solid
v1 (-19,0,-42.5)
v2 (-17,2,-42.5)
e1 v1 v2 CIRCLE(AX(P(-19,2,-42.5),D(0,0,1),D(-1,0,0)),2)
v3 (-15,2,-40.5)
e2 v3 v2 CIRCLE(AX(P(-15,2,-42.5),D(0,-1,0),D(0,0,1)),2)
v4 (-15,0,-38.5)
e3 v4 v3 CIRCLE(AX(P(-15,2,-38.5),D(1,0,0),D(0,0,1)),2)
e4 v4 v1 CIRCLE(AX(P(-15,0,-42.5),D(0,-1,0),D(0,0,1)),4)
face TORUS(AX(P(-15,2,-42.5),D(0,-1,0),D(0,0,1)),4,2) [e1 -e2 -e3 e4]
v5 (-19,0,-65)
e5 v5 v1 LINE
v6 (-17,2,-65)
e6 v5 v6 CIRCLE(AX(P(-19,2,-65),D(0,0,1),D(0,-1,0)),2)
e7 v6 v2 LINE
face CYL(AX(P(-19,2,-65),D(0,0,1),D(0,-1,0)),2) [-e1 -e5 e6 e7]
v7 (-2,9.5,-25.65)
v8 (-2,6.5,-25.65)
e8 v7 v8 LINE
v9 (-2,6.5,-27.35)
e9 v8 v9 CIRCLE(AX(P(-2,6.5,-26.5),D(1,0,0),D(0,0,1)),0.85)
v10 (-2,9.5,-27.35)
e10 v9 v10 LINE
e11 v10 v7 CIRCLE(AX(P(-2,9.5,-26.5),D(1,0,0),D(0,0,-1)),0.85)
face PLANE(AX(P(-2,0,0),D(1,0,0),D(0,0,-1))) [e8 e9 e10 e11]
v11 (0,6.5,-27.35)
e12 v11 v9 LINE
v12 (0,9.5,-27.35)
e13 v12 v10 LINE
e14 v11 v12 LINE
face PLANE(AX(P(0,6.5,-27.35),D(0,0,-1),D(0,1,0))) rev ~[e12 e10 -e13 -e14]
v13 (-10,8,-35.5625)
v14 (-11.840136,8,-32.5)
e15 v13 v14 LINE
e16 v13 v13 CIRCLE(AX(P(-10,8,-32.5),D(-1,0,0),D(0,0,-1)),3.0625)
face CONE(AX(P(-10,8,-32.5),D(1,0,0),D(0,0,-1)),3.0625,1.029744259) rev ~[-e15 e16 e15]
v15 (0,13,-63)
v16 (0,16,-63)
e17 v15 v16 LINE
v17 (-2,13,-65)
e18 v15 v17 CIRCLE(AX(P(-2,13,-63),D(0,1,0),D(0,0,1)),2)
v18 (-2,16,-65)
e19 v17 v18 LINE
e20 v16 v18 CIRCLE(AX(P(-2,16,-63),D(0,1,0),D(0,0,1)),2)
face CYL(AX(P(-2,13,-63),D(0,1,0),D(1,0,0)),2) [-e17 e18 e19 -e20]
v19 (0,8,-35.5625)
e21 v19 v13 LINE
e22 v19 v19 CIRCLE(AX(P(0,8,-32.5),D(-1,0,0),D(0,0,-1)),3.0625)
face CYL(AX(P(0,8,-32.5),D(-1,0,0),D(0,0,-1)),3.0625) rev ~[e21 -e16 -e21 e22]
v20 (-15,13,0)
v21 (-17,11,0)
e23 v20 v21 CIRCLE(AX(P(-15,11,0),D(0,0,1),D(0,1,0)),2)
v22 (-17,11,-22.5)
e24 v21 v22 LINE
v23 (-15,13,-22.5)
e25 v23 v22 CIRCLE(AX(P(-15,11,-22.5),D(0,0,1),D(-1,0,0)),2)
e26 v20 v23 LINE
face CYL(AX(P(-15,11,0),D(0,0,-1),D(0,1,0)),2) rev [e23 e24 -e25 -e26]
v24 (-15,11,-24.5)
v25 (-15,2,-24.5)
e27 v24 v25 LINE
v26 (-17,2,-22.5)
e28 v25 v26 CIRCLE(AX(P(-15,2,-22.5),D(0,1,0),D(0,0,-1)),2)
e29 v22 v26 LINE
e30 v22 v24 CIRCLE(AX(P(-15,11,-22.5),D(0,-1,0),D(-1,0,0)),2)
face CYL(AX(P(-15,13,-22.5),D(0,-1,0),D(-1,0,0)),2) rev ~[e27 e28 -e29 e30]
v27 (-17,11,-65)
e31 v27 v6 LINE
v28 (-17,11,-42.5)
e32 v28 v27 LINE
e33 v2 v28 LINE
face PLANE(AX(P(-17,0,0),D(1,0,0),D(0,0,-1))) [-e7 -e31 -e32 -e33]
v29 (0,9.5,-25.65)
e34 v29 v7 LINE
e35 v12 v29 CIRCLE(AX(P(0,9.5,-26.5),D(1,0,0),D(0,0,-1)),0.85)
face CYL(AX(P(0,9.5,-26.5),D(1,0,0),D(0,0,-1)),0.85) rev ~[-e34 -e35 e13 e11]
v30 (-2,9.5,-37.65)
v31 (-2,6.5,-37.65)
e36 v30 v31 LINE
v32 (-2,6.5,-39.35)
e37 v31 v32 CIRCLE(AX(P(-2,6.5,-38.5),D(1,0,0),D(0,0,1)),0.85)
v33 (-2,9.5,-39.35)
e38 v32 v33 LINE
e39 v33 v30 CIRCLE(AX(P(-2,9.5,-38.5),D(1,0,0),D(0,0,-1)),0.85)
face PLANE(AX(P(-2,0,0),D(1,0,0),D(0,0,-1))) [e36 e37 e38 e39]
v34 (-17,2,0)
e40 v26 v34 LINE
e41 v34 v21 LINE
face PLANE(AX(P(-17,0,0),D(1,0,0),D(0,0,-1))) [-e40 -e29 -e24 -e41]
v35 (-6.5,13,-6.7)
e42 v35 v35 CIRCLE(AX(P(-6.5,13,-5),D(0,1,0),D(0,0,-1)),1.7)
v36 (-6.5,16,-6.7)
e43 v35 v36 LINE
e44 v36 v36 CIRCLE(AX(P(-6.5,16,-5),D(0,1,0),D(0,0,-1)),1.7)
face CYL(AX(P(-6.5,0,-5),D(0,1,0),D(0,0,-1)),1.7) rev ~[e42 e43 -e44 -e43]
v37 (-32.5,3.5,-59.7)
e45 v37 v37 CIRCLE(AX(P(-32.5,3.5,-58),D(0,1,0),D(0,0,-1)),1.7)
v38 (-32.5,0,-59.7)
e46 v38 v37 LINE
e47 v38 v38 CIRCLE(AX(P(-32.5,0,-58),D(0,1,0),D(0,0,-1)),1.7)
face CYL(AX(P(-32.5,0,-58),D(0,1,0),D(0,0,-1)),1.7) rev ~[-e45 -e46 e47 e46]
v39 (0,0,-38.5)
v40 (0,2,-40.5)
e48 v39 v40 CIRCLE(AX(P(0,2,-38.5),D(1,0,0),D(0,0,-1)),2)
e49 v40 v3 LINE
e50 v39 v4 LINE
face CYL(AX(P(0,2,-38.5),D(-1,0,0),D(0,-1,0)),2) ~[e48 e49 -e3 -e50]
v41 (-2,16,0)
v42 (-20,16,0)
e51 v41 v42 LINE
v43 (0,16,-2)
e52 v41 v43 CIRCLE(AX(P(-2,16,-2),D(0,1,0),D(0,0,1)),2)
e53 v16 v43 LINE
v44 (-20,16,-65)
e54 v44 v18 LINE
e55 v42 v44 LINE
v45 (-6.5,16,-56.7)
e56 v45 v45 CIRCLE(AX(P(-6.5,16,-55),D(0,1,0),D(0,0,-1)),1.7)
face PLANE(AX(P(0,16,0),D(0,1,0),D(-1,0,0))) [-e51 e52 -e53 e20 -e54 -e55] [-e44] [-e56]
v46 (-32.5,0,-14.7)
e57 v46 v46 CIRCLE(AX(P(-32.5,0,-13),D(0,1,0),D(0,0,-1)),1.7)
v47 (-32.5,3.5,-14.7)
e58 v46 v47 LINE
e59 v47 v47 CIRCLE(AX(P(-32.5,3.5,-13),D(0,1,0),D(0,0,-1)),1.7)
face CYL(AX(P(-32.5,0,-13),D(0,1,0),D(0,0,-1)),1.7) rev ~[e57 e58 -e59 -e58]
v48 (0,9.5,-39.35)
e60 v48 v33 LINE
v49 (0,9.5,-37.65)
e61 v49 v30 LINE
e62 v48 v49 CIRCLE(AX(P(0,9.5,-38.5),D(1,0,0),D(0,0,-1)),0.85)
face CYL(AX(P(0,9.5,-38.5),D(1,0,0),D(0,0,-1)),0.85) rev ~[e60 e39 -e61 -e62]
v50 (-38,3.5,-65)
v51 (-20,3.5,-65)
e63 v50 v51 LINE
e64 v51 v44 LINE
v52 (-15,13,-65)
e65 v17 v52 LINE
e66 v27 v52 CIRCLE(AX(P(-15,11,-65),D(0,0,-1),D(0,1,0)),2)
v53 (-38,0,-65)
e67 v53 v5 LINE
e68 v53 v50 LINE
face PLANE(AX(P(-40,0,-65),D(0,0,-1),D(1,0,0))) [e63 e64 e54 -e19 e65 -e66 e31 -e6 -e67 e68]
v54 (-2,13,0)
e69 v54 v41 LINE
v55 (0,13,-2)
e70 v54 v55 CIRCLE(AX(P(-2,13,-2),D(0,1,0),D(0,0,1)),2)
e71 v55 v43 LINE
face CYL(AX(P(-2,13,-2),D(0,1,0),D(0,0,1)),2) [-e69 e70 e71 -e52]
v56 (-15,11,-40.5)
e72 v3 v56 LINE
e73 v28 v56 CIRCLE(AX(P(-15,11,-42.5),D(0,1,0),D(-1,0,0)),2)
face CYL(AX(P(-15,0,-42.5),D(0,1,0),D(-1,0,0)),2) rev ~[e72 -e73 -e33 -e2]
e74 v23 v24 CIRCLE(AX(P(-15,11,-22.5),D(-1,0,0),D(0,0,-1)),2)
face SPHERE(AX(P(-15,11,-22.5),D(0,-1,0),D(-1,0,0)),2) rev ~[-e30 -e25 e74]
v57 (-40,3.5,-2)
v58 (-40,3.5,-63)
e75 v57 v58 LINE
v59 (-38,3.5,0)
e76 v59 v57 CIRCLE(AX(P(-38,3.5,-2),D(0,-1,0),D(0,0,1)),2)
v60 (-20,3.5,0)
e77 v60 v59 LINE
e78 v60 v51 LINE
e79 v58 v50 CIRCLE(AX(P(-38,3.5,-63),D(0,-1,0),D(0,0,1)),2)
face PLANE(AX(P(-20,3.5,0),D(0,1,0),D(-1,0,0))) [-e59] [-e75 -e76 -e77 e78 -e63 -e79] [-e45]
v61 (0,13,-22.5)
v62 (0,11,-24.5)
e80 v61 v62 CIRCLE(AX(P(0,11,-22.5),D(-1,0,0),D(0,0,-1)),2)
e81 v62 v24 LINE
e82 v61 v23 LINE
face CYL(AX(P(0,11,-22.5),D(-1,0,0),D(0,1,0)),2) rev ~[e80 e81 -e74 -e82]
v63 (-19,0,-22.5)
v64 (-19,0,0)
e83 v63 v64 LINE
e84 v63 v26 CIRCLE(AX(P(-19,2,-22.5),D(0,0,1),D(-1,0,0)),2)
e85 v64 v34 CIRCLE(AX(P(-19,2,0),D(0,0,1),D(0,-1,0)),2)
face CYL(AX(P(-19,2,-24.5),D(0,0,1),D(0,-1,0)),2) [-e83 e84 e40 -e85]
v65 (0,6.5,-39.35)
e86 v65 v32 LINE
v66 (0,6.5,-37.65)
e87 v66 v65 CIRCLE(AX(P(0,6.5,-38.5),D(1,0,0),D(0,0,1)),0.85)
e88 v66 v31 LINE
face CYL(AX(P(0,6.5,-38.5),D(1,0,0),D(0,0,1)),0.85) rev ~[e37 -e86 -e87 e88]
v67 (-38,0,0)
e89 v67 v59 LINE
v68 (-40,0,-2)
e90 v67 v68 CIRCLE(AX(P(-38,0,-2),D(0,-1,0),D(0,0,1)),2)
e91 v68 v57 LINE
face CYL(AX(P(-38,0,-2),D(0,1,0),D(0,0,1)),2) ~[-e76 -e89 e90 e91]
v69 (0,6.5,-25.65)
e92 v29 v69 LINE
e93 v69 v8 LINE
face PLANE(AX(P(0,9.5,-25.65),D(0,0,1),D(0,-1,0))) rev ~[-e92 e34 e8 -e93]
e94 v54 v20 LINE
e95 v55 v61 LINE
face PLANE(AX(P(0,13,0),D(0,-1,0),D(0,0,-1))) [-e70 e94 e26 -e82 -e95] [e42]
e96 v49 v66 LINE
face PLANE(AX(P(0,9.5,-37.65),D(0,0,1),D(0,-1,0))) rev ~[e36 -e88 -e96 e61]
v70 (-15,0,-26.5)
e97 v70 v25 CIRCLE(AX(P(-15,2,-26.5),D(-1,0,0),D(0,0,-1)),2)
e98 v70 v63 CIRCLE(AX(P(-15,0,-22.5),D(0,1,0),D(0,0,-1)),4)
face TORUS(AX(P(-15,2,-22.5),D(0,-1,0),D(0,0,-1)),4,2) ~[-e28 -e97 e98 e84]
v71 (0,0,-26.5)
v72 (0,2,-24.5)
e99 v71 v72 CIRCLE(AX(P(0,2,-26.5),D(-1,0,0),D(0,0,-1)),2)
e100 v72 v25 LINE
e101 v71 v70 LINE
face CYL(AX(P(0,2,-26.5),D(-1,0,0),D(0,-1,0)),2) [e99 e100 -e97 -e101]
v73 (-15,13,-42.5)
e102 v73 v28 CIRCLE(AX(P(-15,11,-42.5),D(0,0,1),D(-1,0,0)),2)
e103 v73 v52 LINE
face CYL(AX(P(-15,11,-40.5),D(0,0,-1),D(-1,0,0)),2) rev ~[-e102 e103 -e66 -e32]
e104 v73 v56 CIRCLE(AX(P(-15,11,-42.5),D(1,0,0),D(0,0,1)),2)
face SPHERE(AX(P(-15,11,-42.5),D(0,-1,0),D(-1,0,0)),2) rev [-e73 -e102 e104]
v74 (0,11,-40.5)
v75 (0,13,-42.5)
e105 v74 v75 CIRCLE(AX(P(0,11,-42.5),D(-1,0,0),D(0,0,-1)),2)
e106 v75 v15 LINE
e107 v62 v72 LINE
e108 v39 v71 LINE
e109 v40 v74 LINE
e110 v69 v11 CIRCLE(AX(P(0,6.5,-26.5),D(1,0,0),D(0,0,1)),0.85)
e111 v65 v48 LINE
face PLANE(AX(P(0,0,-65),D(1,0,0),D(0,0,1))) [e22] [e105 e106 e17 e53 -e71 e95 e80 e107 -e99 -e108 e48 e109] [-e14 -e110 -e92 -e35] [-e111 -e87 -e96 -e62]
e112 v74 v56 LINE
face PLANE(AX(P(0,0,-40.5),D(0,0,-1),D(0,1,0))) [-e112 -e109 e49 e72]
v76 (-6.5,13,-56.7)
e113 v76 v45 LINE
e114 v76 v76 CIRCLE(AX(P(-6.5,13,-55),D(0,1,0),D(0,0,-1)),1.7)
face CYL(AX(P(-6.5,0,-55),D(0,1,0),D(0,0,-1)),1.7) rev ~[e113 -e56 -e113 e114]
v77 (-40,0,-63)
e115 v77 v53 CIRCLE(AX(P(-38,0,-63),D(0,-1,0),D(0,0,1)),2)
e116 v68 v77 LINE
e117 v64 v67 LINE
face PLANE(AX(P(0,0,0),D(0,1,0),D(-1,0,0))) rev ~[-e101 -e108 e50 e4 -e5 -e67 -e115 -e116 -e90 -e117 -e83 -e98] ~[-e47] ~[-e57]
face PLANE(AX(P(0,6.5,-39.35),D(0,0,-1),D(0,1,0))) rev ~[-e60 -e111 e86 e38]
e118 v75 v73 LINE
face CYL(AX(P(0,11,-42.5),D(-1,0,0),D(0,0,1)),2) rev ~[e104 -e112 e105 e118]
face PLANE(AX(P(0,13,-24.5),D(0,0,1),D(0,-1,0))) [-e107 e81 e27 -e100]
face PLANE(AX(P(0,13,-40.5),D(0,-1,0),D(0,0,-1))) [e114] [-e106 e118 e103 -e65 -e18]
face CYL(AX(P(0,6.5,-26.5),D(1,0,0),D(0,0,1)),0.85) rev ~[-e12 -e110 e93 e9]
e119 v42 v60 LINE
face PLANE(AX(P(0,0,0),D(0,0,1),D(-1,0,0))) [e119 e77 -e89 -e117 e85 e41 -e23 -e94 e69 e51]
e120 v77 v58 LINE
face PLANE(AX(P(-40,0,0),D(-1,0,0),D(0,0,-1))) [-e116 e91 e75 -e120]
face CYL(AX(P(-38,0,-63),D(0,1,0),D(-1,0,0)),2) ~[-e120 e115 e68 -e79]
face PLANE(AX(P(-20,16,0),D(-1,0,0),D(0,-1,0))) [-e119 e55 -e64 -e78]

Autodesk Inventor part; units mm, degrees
ref_plane "YZ Plane" through (0, 0, 0) normal (1, 0, 0) x (0, 1, 0)
ref_plane "XZ Plane" through (0, 0, 0) normal (0, 1, 0) x (-1, 0, 0)
ref_plane "XY Plane" through (0, 0, 0) normal (0, 0, 1) x (1, 0, 0)
sketch "Sketch1" plane through (0, 0, 0) normal (0, 1, 0) x (-1, 0, 0)
  line L0 (0, 0) -> (40, 0)
  line L1 (40, 0) -> (40, -65)
  line L2 (40, -65) -> (0, -65)
  line L3 (0, -65) -> (0, 0)
  dimension "d0" = 40
  dimension "d1" = 65
extrude "Extrusion1" add sketch "Sketch1" along normal blind 16
sketch "Sketch2" plane through (-40, 0, 0) normal (0, 0, 1) x (1, 0, 0)
  line L0 (0, 16) -> (40, 16) projected
  line L1 (0, 16) -> (20, 16)
  line L2 (20, 16) -> (20, 3.5)
  line L3 (20, 3.5) -> (0, 3.5)
  line L4 (0, 3.5) -> (0, 16)
  line L5 (40, 0) -> (0, 0) projected
  dimension "d4" = 20
  dimension "d5" = 3.5
extrude "Extrusion2" cut sketch "Sketch2" against normal through all
sketch "Sketch3" plane through (0, 0, 0) normal (0, -1, 0) x (1, 0, 0)
  line L0 (-32.5, -58) -> (-32.5, -13) construction
  line L1 (-6.5, -55) -> (-6.5, -5) construction
  line L2 (-40, -65) -> (0, -65) construction
  line L3 (0, 0) -> (-40, 0) construction
  line L4 (0, -65) -> (0, 0) construction
  line L5 (-40, 0) -> (-40, -65) construction
  dimension "d8" = 45
  dimension "d9" = 50
  dimension "d10" = 7
  dimension "d11" = 5
  dimension "d12" = 6.5
  dimension "d13" = 7.5
hole "Hole1" at (-32.5, 0, -58) at (-32.5, 0, -13) at (-6.5, 0, -55) at (-6.5, 0, -5) direction (0, 1, 0) diameter 3.4 end through all clearance for "Flat Head Machine Screw" size "M3" standard "Ansi Metric M Profile"
sketch "Sketch4" plane through (0, 0, 0) normal (1, 0, 0) x (0, 0, -1)
  line L0 (38.5, 6.5) -> (38.5, 9.5) construction
  line L1 (39.35, 6.5) -> (39.35, 9.5)
  line L2 (37.65, 9.5) -> (37.65, 6.5)
  arc A0 (37.65, 6.5) -> (39.35, 6.5) centre (38.5, 6.5) ccw
  arc A1 (39.35, 9.5) -> (37.65, 9.5) centre (38.5, 9.5) ccw
  line L3 (26.5, 6.5) -> (26.5, 9.5) construction
  line L4 (27.35, 6.5) -> (27.35, 9.5)
  line L5 (25.65, 9.5) -> (25.65, 6.5)
  arc A2 (25.65, 6.5) -> (27.35, 6.5) centre (26.5, 6.5) ccw
  arc A3 (27.35, 9.5) -> (25.65, 9.5) centre (26.5, 9.5) ccw
  line L6 (0, 0) -> (0, 16) construction
  line L7 (65, 0) -> (65, 16) construction
  line L8 (38.5, 8) -> (26.5, 8) construction
  line L9 (65, 0) -> (0, 0) construction
  line L10 (0, 16) -> (65, 16) construction
  line L11 (65, 0) -> (40.5, 0)
  line L12 (40.5, 0) -> (40.5, 13)
  line L13 (40.5, 13) -> (65, 13)
  line L14 (65, 13) -> (65, 0)
  line L15 (24.5, 0) -> (0, 0)
  line L16 (0, 0) -> (0, 13)
  line L17 (0, 13) -> (24.5, 13)
  line L18 (24.5, 13) -> (24.5, 0)
  point P0 (32.5, 8)
  dimension "d21" = 12
  dimension "d22" = 6
  dimension "d23" = 65
  dimension "d24" = 32.5
  dimension "d25" = 3
  dimension "d26" = 3
  dimension "d27" = 0.85
  dimension "d28" = 0.85
  dimension "d29" = 0
  dimension "d30" = 16
  dimension "d31" = 8
  dimension "d32" = 3
  dimension "d33" = 3
  dimension "d34" = 16
  dimension "d35" = 8
extrude "Extrusion3" cut sketch "Sketch4" against normal blind 2 contours A0 L2 A1 L1 | A2 L5 A3 L4
extrude "Extrusion4" cut sketch "Sketch4" against normal blind 17 contours L11 L12 L13 L14 | L15 L16 L17 L18
fillet "Fillet1" radius 2 14 edges at (-8.5, 0, -40.5) (-8.5, 0, -24.5) (-40, 1.75, -65) (-40, 1.75, 0) (0, 14.5, 0) (0, 14.5, -65) (-17, 0, -52.75) (-17, 0, -12.25) (-17, 6.5, -40.5) (-17, 6.5, -24.5) (-17, 13, -52.75) (-8.5, 13, -40.5) (-17, 13, -12.25) (-8.5, 13, -24.5)
hole "Hole2" at (0, 8, -32.5) direction (-1, 0, 0) diameter 6.125 depth 10 tip angle 118
equation "\"d22\" = 0.5 * d21"
equation "\"d24\" = 0.5 * d23"
equation "\"d26\" = d25"
equation "\"d28\" = d27"
equation "\"d31\" = 0.5 * d30"
equation "\"d35\" = 0.5 * d34"
properties part number "Dual Camera Mount"
